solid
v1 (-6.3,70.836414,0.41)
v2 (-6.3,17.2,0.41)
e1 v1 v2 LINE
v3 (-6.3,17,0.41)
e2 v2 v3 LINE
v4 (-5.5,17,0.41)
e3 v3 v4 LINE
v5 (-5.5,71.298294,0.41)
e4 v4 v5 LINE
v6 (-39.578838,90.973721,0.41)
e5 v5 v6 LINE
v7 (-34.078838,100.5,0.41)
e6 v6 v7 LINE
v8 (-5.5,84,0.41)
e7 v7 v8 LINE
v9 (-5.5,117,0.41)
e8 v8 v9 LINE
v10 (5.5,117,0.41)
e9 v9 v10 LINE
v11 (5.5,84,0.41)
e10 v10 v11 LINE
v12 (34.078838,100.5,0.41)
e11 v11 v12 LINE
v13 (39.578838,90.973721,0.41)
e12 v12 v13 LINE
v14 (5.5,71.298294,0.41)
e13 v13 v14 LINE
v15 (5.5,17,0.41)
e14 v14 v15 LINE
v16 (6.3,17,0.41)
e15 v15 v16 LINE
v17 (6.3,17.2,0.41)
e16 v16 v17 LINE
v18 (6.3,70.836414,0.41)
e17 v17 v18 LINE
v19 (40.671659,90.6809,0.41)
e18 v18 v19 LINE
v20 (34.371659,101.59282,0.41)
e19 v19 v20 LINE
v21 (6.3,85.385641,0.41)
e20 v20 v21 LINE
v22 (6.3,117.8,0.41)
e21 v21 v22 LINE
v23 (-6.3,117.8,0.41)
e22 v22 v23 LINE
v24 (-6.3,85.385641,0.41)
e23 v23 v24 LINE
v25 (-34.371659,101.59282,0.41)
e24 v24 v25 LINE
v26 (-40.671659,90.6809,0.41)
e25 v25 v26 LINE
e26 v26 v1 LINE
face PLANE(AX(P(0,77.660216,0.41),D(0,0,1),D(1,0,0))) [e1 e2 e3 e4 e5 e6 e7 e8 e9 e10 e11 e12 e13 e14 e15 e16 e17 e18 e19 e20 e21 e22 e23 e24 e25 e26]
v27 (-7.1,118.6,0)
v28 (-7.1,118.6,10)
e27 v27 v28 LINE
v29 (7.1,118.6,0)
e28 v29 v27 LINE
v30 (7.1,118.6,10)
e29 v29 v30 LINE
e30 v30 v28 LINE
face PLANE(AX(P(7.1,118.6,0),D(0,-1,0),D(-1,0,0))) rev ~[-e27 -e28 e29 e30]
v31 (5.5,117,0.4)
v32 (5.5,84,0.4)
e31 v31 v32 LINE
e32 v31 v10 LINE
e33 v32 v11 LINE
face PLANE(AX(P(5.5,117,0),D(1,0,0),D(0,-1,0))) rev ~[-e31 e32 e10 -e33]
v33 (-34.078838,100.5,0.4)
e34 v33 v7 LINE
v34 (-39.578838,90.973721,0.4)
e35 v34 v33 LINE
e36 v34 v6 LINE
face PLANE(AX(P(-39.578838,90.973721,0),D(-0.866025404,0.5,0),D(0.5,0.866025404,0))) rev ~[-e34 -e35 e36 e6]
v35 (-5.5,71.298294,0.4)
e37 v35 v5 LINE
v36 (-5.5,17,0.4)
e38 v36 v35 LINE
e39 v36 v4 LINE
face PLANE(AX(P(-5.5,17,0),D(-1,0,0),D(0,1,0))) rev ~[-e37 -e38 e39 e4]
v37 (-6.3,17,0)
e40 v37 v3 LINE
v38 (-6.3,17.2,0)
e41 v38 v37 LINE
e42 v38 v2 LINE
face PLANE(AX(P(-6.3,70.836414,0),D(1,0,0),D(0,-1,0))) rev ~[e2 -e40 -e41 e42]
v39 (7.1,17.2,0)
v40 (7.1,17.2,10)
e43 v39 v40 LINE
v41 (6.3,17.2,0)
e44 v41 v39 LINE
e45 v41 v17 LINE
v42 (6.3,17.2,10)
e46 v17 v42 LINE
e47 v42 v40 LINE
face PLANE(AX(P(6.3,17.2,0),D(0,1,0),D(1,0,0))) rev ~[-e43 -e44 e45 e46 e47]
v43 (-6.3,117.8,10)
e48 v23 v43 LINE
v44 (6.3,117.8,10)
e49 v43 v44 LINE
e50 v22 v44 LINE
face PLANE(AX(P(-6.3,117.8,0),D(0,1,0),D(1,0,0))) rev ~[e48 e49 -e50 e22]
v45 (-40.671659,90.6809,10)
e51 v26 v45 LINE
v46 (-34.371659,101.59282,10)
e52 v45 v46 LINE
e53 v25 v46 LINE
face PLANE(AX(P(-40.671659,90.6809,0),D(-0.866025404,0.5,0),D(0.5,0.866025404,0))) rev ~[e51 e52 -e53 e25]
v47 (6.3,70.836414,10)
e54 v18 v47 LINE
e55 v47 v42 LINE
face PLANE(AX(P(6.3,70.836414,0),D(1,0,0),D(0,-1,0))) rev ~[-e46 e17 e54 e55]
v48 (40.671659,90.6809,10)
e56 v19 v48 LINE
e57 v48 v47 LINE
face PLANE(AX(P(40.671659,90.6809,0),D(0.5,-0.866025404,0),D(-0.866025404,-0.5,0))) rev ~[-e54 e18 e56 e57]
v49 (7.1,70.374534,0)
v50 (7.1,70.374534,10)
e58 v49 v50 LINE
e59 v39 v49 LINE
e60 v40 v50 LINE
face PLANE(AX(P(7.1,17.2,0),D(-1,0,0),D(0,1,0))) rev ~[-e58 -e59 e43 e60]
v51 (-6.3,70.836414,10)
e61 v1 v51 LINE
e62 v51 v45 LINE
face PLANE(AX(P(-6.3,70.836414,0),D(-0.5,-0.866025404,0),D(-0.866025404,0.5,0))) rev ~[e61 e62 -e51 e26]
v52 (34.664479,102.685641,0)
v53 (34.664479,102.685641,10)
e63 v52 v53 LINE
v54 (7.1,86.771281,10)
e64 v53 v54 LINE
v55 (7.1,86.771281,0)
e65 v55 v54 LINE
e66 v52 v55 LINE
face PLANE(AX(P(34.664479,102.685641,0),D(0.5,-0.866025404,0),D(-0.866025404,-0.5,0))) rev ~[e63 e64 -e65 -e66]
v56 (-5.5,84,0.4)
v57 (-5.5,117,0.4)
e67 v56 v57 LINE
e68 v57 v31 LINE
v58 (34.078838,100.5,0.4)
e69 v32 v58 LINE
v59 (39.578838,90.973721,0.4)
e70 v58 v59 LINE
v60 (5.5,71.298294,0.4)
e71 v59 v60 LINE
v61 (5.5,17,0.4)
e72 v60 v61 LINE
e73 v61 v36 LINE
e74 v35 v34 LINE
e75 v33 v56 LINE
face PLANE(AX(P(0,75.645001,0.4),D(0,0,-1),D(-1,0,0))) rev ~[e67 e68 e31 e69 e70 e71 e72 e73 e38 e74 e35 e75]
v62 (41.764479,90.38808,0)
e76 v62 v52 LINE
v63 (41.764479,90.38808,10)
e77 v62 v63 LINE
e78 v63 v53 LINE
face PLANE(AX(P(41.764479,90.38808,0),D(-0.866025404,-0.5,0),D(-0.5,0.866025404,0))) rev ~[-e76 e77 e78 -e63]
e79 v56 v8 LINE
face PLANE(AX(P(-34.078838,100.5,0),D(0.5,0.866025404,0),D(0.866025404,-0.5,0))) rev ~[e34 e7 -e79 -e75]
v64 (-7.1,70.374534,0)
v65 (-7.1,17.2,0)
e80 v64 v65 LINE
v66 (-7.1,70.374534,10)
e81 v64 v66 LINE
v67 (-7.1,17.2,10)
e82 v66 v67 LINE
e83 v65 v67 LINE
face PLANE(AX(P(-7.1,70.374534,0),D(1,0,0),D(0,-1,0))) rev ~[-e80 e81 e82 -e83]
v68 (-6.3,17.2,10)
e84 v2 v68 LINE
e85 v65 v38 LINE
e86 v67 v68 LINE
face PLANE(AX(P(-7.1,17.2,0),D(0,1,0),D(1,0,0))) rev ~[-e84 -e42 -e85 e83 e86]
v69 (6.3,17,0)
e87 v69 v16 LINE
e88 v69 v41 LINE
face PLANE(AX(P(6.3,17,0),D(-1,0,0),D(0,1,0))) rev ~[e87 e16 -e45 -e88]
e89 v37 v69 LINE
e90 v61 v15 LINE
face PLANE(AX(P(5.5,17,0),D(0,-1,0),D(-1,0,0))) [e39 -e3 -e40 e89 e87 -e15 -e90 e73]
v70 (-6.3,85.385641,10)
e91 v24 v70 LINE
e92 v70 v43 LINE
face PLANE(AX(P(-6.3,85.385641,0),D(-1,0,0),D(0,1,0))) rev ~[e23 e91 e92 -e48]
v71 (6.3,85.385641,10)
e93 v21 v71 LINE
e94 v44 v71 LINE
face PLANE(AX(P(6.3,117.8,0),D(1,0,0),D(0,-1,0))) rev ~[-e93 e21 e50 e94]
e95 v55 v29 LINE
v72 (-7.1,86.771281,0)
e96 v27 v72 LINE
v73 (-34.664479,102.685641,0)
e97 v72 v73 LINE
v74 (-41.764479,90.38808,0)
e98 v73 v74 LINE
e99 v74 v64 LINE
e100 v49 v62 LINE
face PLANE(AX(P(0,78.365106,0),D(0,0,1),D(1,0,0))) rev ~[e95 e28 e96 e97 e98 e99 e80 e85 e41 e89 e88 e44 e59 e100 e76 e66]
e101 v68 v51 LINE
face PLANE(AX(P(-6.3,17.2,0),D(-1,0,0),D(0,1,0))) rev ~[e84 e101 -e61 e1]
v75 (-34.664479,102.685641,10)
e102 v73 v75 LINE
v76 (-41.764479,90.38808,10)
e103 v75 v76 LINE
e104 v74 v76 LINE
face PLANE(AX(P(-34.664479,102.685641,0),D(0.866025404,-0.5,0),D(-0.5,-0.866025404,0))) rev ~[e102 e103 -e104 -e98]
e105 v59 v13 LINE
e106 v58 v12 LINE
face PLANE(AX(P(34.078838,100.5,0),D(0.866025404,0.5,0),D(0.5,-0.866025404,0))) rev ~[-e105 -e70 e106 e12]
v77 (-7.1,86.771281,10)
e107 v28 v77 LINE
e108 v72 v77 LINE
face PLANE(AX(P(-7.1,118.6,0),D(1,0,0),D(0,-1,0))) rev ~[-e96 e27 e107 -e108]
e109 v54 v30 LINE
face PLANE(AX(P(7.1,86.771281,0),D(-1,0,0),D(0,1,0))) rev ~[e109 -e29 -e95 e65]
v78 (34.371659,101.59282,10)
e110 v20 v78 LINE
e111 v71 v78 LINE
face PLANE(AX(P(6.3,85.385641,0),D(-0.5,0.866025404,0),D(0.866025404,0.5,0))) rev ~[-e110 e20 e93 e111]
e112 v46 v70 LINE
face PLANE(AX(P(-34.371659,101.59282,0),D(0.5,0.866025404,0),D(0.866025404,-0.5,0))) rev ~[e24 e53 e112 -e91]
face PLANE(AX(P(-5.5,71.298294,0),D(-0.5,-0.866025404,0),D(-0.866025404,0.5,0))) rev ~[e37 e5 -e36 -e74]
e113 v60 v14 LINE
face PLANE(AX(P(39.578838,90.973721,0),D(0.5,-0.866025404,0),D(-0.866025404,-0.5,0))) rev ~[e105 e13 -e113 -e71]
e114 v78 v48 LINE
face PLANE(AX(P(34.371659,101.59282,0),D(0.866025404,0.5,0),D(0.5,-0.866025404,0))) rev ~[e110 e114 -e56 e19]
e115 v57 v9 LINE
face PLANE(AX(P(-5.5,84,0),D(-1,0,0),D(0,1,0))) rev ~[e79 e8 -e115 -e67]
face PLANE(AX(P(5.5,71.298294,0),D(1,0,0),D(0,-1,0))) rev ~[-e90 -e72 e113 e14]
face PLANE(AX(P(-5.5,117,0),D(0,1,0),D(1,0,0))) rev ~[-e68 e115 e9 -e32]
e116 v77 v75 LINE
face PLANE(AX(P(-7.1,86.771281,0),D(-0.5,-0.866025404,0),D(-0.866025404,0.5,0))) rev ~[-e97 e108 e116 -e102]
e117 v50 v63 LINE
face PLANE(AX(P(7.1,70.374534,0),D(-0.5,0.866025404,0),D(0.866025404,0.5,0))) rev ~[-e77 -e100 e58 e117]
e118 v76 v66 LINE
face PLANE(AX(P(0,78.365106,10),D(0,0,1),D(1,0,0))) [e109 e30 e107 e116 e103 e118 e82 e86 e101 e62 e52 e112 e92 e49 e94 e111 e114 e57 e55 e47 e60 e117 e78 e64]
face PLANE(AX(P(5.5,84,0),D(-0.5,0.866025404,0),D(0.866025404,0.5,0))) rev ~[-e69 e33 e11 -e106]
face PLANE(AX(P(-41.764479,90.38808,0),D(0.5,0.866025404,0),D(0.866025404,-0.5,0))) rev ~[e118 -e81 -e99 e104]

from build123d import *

# Parameters (mm, degrees)
BOSS_EXTRUDE1_DEPTH = 0.41
BOSS_EXTRUDE2_DEPTH = 0.4
BOSS_EXTRUDE3_DEPTH = 10


with BuildPart() as part:
    # Sketch1 → Boss-Extrude1 (new body)
    with BuildSketch(Plane.XY):
        Polygon((-5.5, 17), (-5.5, 71.298294078), (-39.578838325, 90.973720558), (-34.078838325, 100.5), (-5.5, 84), (-5.5, 117), (5.5, 117), (5.5, 84), (34.078838325, 100.5), (39.578838325, 90.973720558), (5.5, 71.298294078), (5.5, 17), (6.3, 17), (6.3, 70.836413862), (40.671658648, 90.680900235), (34.371658648, 101.592820323), (6.3, 85.385640646), (6.3, 117.8), (-6.3, 117.8), (-6.3, 85.385640646), (-34.371658648, 101.592820323), (-40.671658648, 90.680900235), (-6.3, 70.836413862), (-6.3, 17), align=None)
    extrude(amount=BOSS_EXTRUDE1_DEPTH)

    # Sketch2 → Boss-Extrude2 (add)
    with BuildSketch(Plane.XY):
        Polygon((-5.5, 17), (-5.5, 71.298294078), (-39.578838325, 90.973720558), (-34.078838325, 100.5), (-5.5, 84), (-5.5, 117), (5.5, 117), (5.5, 84), (34.078838325, 100.5), (39.578838325, 90.973720558), (5.5, 71.298294078), (5.5, 17), align=None)
    extrude(amount=BOSS_EXTRUDE2_DEPTH)

    # Sketch3 → Boss-Extrude3 (add)
    with BuildSketch(Plane.XY):
        Polygon((-6.3, 17.2), (-6.3, 70.836413862), (-40.671658648, 90.680900235), (-34.371658648, 101.592820323), (-6.3, 85.385640646), (-6.3, 117.8), (6.3, 117.8), (6.3, 85.385640646), (34.371658648, 101.592820323), (40.671658648, 90.680900235), (6.3, 70.836413862), (6.3, 17.2), (7.1, 17.2), (7.1, 70.374533647), (41.764478971, 90.388079912), (34.664478971, 102.685640646), (7.1, 86.771281292), (7.1, 118.6), (-7.1, 118.6), (-7.1, 86.771281292), (-34.664478971, 102.685640646), (-41.764478971, 90.388079912), (-7.1, 70.374533647), (-7.1, 17.2), align=None)
    extrude(amount=BOSS_EXTRUDE3_DEPTH)


solid = part.part
